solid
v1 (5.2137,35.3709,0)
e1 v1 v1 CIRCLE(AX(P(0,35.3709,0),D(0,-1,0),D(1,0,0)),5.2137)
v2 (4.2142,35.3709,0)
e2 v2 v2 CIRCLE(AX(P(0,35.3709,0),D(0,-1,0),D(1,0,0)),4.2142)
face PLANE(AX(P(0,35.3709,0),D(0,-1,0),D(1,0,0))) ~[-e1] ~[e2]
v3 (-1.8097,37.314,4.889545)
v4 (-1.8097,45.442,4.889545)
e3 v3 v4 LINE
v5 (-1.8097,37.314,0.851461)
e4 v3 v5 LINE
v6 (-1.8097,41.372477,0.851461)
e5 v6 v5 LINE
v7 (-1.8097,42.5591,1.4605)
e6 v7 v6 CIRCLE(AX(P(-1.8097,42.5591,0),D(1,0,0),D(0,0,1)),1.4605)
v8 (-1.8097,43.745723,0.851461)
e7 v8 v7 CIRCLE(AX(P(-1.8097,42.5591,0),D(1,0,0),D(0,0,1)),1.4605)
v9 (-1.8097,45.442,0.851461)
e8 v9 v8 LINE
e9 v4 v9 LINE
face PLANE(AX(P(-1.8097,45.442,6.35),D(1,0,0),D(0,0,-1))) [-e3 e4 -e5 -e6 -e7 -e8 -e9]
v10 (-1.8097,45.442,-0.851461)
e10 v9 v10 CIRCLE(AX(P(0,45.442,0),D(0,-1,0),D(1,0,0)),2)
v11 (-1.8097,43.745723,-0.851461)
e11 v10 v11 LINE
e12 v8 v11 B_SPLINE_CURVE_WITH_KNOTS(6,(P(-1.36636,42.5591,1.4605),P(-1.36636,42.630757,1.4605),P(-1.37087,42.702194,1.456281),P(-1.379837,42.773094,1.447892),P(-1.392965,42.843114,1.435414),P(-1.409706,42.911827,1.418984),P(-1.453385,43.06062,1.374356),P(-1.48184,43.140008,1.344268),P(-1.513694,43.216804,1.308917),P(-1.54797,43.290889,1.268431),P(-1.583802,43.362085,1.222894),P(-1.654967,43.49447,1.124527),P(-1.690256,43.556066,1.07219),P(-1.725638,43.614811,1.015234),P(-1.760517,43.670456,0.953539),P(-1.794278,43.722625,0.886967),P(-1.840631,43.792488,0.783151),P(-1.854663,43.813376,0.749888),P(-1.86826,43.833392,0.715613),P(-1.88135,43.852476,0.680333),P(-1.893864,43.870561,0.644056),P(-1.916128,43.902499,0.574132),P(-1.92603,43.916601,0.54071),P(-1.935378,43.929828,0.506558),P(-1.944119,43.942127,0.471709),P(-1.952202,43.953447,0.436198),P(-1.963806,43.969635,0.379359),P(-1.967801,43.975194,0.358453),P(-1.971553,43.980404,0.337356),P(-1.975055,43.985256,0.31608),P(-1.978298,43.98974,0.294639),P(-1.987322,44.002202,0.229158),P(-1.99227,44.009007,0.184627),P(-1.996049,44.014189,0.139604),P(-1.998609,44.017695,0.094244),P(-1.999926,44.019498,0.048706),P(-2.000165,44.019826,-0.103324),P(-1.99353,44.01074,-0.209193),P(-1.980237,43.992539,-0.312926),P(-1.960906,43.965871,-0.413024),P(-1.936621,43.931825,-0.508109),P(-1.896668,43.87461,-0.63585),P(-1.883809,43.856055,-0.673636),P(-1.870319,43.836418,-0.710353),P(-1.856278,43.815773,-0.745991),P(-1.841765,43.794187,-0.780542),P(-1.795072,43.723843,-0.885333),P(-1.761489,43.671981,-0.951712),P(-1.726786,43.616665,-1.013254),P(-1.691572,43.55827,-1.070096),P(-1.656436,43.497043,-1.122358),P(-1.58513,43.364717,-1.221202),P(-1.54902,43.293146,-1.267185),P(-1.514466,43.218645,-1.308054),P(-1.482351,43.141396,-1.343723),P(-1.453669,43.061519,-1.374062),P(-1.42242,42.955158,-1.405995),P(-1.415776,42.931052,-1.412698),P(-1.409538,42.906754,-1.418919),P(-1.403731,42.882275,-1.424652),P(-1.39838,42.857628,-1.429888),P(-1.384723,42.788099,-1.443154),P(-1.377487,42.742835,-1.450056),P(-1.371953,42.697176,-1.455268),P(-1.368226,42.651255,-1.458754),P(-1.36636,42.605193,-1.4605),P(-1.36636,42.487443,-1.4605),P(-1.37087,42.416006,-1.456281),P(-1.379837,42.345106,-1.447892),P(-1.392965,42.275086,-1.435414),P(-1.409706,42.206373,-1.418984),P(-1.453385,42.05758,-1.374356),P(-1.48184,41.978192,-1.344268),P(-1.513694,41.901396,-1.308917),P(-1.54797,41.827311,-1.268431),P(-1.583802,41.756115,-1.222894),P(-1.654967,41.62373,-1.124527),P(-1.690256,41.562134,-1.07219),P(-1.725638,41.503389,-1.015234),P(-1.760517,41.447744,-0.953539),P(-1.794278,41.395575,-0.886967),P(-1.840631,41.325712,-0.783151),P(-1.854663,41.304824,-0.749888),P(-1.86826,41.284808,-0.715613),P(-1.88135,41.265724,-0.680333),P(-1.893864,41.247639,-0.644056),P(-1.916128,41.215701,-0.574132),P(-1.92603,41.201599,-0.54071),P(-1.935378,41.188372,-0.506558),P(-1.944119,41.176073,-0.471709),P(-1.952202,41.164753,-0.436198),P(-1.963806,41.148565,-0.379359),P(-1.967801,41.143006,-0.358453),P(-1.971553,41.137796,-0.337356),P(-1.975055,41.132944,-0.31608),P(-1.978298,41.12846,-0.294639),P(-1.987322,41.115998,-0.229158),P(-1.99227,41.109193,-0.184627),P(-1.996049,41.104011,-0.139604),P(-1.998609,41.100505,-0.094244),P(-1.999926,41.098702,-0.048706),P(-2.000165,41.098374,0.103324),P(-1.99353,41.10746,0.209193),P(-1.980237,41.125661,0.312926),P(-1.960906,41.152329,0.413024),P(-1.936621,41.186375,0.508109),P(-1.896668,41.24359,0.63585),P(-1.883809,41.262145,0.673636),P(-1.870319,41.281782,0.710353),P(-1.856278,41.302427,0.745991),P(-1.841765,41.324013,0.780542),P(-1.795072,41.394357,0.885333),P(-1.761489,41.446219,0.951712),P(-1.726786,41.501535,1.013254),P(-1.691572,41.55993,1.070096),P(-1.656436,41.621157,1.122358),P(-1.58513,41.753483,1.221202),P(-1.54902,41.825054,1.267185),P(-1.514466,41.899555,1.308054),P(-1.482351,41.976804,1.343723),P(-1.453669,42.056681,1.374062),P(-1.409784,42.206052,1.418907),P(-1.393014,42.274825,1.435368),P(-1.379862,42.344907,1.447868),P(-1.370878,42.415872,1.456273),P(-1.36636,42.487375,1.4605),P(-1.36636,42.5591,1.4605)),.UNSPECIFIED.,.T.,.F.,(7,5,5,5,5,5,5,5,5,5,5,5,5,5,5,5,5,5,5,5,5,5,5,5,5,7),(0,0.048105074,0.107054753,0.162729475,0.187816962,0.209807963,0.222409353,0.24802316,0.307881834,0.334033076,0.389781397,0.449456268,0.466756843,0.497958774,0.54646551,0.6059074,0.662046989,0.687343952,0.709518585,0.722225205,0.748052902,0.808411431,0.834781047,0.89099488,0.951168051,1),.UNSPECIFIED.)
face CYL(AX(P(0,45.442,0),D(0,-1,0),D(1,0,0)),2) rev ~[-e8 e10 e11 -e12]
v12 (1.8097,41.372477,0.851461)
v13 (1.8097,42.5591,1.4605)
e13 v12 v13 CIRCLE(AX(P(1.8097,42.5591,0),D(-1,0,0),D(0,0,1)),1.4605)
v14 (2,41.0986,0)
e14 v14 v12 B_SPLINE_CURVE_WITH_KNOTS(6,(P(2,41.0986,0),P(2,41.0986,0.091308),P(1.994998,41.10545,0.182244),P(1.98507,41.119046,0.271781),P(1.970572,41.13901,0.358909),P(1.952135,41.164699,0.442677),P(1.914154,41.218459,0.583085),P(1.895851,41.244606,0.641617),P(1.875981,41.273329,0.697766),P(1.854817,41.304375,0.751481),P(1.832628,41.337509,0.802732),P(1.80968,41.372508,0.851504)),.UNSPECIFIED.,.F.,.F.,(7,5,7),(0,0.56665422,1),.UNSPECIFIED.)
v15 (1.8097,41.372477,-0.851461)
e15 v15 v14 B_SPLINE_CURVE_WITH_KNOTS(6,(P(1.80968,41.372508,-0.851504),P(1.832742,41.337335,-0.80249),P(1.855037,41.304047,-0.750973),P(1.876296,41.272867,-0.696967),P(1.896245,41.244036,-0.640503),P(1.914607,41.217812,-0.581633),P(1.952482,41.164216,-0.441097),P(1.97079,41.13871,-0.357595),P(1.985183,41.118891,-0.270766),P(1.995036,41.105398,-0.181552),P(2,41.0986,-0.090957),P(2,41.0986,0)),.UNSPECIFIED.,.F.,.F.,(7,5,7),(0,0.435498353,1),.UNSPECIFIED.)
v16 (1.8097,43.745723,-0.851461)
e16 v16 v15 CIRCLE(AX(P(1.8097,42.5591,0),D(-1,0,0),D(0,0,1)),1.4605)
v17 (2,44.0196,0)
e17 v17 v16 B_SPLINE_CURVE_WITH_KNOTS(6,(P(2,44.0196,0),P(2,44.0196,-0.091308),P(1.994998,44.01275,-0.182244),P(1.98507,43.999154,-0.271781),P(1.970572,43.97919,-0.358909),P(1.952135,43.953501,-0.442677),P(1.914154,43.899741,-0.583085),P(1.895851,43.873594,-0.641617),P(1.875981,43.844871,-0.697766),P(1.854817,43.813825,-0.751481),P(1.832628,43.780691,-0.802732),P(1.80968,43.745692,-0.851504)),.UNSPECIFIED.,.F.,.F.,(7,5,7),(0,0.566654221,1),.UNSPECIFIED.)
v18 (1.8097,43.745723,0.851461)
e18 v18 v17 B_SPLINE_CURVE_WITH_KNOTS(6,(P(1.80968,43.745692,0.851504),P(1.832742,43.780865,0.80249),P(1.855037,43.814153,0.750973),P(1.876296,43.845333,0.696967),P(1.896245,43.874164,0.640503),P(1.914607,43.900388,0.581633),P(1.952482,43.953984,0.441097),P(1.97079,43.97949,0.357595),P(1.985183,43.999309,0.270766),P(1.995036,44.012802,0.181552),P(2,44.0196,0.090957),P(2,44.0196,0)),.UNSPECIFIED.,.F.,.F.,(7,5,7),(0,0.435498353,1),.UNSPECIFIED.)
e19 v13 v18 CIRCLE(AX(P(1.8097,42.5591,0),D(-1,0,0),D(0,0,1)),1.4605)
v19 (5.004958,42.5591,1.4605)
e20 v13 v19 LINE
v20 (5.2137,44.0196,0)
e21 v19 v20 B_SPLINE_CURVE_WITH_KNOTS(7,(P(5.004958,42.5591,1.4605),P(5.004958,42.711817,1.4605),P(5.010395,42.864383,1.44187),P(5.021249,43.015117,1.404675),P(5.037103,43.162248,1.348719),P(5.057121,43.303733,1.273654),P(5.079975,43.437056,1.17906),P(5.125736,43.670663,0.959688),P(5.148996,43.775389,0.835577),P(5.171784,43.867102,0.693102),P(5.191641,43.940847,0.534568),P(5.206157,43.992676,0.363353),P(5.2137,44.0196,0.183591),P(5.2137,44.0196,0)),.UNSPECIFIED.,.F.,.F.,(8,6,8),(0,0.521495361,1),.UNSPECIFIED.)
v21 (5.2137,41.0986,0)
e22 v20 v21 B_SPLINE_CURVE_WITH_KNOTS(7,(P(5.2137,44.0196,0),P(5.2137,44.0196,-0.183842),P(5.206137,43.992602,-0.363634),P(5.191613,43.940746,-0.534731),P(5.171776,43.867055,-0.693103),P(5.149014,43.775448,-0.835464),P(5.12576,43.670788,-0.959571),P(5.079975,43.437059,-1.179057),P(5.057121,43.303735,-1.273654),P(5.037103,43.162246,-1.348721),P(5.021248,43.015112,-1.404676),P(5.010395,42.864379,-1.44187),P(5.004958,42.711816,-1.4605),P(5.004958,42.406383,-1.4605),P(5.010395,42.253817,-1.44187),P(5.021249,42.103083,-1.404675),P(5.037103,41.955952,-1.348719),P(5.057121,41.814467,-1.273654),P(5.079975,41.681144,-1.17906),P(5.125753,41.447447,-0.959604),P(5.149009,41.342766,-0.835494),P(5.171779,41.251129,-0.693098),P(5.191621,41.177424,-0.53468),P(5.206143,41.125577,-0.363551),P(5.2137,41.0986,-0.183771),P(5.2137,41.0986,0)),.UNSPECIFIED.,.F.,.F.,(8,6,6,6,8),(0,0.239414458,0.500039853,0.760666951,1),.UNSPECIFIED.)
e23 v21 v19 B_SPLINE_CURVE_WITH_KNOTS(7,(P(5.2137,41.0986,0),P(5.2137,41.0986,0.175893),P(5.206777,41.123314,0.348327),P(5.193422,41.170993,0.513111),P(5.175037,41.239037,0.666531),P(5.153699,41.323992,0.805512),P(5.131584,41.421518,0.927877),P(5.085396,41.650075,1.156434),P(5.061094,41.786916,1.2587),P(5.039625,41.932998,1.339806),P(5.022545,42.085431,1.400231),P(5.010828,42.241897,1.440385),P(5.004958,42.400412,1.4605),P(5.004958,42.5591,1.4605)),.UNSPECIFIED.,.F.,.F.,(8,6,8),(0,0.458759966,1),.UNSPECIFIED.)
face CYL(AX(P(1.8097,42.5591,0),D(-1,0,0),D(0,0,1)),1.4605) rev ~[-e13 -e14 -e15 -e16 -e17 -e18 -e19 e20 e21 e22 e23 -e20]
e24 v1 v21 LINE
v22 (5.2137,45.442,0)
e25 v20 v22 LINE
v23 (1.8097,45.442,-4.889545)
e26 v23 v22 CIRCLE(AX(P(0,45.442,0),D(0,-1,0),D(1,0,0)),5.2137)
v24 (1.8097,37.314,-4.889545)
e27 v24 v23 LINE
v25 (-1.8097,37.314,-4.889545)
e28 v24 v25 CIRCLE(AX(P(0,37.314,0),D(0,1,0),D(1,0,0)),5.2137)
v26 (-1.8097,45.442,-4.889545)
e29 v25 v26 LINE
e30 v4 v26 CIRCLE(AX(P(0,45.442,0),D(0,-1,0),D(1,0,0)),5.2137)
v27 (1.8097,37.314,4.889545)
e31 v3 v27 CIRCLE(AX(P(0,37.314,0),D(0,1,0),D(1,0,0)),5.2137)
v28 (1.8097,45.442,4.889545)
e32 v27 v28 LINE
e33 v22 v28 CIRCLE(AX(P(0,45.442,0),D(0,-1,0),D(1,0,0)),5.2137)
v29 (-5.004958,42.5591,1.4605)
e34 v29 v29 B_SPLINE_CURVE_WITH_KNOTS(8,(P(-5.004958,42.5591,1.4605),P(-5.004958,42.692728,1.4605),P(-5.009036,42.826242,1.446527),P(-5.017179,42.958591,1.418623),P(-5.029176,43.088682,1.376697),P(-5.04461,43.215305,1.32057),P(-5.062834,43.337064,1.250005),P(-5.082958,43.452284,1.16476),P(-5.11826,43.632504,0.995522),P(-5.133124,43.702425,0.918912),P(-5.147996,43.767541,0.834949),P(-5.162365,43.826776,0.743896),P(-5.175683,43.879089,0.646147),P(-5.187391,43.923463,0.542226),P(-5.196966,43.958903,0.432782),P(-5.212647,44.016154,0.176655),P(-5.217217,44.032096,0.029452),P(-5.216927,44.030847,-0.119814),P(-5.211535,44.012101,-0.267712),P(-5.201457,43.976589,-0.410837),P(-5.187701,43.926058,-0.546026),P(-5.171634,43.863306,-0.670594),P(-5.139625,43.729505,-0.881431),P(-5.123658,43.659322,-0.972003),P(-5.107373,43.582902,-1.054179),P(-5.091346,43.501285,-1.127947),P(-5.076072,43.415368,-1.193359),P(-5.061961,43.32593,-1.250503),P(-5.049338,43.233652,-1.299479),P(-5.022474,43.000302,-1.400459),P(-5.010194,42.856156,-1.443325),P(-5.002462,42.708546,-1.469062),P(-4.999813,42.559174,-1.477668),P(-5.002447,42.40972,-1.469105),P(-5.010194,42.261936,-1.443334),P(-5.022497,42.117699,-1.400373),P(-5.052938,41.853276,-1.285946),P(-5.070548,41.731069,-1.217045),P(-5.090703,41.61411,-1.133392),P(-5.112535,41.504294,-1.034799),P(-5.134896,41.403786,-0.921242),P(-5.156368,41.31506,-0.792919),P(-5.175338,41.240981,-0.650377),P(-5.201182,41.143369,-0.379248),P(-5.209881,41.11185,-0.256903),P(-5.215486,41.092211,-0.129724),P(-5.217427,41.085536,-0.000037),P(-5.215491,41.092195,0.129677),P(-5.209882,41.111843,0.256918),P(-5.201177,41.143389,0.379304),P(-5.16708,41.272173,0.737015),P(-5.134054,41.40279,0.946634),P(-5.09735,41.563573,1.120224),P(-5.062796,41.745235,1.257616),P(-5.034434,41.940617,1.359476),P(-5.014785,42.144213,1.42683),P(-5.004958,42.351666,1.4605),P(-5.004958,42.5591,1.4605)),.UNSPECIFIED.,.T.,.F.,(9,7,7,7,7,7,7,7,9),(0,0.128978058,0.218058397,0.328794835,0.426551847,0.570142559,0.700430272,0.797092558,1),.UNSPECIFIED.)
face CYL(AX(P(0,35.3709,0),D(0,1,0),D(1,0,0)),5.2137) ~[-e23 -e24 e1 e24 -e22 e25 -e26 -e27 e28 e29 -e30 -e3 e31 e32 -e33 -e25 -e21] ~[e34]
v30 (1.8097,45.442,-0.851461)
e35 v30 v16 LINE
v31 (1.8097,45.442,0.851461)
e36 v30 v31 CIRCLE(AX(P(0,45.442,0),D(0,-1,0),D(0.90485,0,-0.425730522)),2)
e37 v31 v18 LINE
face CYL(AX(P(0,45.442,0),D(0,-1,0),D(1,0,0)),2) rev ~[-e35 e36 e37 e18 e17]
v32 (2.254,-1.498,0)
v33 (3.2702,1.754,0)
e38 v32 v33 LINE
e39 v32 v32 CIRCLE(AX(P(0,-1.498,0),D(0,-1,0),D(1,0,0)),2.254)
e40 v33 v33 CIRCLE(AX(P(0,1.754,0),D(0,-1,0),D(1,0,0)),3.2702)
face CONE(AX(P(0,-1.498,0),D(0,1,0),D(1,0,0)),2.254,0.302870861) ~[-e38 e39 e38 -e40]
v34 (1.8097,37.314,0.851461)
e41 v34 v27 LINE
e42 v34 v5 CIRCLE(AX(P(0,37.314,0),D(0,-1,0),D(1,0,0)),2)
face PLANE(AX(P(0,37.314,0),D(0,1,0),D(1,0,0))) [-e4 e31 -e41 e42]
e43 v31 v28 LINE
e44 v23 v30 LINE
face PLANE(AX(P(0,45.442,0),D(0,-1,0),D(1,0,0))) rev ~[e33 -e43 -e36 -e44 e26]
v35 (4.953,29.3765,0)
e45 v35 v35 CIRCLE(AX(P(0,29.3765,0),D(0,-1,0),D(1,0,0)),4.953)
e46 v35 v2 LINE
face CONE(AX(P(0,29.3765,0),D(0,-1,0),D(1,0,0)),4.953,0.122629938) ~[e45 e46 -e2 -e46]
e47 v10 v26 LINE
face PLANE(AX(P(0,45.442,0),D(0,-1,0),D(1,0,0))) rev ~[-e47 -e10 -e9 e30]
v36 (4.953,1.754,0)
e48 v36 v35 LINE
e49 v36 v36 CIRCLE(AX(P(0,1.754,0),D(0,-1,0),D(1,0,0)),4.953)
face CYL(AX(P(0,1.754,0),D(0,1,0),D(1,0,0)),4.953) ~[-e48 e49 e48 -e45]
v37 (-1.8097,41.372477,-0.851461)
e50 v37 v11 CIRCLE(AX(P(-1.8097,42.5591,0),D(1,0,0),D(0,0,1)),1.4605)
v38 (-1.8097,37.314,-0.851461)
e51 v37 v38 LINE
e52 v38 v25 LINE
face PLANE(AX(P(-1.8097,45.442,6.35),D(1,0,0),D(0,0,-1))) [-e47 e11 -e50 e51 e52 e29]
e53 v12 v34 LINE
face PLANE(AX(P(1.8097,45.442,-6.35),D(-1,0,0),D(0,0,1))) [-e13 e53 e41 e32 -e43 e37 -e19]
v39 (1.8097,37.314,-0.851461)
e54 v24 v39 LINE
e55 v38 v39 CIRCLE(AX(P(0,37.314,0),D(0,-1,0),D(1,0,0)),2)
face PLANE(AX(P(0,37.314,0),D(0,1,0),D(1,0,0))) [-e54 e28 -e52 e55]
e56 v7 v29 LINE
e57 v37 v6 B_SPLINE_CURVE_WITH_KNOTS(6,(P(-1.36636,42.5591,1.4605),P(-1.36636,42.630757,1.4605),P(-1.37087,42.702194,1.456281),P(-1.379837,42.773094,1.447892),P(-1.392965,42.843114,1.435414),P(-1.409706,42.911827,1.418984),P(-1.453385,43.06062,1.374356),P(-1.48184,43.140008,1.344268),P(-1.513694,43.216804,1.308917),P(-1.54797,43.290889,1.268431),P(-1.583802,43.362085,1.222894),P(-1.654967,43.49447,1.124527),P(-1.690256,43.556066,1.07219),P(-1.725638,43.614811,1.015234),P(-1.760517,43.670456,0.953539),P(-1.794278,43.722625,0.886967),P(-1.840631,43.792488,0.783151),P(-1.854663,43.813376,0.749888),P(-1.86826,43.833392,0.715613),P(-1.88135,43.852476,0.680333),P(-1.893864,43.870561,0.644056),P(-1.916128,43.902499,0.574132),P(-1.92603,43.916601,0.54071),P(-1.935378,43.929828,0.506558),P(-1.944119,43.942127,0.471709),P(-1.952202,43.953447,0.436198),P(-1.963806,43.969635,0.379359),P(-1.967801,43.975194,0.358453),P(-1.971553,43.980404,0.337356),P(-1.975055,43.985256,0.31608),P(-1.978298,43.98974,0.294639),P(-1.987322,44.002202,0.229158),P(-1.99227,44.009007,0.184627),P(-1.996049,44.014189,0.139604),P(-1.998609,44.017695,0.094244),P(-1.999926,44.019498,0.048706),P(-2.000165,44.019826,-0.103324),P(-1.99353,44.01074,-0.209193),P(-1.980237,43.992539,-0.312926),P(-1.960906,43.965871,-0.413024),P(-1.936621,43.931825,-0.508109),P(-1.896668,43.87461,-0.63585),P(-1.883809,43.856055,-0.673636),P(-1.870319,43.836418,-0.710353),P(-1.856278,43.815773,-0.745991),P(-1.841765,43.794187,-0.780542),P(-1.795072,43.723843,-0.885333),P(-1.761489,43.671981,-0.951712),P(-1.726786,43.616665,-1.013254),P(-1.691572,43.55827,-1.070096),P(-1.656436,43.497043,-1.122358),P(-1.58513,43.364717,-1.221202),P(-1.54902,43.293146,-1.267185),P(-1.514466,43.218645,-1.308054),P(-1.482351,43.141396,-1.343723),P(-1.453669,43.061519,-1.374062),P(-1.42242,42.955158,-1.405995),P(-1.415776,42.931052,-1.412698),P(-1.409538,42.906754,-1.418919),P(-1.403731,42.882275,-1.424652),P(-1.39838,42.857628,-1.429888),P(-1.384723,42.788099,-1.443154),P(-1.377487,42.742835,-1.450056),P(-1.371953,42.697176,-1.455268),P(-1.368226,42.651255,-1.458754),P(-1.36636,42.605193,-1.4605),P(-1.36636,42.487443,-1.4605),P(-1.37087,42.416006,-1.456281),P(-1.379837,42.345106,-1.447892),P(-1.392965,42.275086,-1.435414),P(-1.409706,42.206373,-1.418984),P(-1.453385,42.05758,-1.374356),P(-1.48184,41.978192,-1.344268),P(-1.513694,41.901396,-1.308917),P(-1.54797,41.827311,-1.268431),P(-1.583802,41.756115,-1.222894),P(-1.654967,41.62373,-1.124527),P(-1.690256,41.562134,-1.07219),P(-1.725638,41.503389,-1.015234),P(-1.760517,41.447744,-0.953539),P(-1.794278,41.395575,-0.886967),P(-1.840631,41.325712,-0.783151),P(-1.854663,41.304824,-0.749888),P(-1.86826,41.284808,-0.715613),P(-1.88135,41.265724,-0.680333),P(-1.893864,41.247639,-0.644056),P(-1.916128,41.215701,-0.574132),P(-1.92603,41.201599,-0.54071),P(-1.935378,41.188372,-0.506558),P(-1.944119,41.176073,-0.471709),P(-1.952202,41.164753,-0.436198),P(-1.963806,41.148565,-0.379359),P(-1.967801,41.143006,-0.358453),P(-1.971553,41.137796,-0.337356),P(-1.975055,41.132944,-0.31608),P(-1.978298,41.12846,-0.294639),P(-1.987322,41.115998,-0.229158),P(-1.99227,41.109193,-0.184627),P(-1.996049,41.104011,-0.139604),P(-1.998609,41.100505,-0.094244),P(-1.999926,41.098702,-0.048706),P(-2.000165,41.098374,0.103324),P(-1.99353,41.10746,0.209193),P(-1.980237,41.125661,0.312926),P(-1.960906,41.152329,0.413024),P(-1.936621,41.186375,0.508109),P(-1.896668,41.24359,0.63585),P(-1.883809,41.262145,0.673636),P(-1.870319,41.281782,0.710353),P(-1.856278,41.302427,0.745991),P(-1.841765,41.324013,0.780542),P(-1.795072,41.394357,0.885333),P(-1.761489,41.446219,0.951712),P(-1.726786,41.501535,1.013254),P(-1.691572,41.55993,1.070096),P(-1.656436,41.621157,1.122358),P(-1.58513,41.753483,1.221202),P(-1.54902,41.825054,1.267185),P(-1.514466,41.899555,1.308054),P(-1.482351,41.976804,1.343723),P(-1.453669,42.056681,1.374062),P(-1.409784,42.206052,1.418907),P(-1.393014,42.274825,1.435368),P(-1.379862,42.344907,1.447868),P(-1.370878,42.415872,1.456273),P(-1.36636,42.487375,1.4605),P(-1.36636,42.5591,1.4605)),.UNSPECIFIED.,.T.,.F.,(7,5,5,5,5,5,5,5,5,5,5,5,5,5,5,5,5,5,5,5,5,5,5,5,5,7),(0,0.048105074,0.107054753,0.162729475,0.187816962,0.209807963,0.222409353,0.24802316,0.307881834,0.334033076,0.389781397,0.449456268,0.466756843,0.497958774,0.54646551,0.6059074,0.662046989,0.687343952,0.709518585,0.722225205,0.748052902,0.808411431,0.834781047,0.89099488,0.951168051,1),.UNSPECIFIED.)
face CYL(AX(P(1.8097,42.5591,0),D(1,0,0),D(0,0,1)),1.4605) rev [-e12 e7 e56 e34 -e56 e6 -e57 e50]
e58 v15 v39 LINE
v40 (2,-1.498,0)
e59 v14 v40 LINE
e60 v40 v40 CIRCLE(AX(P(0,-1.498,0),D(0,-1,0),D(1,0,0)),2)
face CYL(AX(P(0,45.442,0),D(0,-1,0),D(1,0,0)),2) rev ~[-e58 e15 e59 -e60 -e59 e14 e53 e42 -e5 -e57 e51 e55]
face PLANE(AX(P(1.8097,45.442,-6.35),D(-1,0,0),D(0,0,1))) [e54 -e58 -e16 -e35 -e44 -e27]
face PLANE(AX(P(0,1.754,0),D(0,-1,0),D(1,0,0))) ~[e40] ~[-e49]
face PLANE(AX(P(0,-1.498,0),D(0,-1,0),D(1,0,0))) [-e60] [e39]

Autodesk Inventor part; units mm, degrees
ref_plane "YZ Plane" through (0, 0, 0) normal (1, 0, 0) x (0, 1, 0)
ref_plane "XZ Plane" through (0, 0, 0) normal (0, 1, 0) x (-1, 0, 0)
ref_plane "XY Plane" through (0, 0, 0) normal (0, 0, 1) x (1, 0, 0)
sketch "Sketch1" plane through (0, 0, 0) normal (0, 0, 1) x (1, 0, 0)
  line L0 (2, 45.442) -> (2, -1.498)
  line L1 (2.254, -1.498) -> (3.2702, 1.754)
  line L2 (3.2702, 1.754) -> (4.953, 1.754)
  line L3 (4.953, 1.754) -> (4.953, 29.3765)
  line L4 (4.953, 29.3765) -> (4.2142, 35.3709)
  line L5 (4.2142, 35.3709) -> (5.2137, 35.3709)
  line L6 (5.2137, 35.3709) -> (5.2137, 45.442)
  line L7 (5.2137, 45.442) -> (2, 45.442)
  line L8 (0, 63.454) -> (0, -29.2362) construction
  line L9 (2.7221, 0) -> (1.4605, -4.0372) construction
  line L10 (1.4605, -4.0372) -> (0, -4.0372) construction
  line L11 (2.254, -1.498) -> (2, -1.498)
  point P0 (0, 0)
  dimension "d0" = 2
  dimension "d1" = 4.953
  dimension "d2" = 3.2702
  dimension "d3" = 43.688
  dimension "d4" = 10.0711
  dimension "d5" = 5.9944
  dimension "d16" = 1.4605
  dimension "d17" = 5.7912
  dimension "d18" = 0.254
revolve "Revolution1" add sketch "Sketch1" angle 360 about axis through (0, 63.454, 0) along (0, -1, 0)
sketch "Sketch2" plane through (0, 45.442, 0) normal (0, 1, 0) x (1, 0, 0)
  line L0 (-1.8097, 6.35) -> (1.8097, 6.35)
  line L1 (1.8097, 6.35) -> (1.8097, -6.35)
  line L2 (1.8097, -6.35) -> (-1.8097, -6.35)
  line L3 (-1.8097, -6.35) -> (-1.8097, 6.35)
  point P0 (0, 0)
  point P1 (0, -6.35)
  point P2 (1.8097, 0)
  dimension "d8" = 3.6195
  dimension "d9" = 12.7
extrude "Extrusion1" cut sketch "Sketch2" against normal blind 8.128
sketch "Sketch3" plane through (1.8097, 45.442, 0.8514) normal (-1, 0, 0) x (0, 0, 1)
  circle A0 centre (-0.8514, -2.8829) radius 1.4605
  line L0 (0, 0) -> (4.0382, 0) projected
  point P0 (-0.8514, -45.442)
  dimension "d12" = 2.921
  dimension "d13" = 2.8829
extrude "Extrusion2" cut sketch "Sketch3" along normal through all both and the other way through all
properties part number "SolenoidShaft"
